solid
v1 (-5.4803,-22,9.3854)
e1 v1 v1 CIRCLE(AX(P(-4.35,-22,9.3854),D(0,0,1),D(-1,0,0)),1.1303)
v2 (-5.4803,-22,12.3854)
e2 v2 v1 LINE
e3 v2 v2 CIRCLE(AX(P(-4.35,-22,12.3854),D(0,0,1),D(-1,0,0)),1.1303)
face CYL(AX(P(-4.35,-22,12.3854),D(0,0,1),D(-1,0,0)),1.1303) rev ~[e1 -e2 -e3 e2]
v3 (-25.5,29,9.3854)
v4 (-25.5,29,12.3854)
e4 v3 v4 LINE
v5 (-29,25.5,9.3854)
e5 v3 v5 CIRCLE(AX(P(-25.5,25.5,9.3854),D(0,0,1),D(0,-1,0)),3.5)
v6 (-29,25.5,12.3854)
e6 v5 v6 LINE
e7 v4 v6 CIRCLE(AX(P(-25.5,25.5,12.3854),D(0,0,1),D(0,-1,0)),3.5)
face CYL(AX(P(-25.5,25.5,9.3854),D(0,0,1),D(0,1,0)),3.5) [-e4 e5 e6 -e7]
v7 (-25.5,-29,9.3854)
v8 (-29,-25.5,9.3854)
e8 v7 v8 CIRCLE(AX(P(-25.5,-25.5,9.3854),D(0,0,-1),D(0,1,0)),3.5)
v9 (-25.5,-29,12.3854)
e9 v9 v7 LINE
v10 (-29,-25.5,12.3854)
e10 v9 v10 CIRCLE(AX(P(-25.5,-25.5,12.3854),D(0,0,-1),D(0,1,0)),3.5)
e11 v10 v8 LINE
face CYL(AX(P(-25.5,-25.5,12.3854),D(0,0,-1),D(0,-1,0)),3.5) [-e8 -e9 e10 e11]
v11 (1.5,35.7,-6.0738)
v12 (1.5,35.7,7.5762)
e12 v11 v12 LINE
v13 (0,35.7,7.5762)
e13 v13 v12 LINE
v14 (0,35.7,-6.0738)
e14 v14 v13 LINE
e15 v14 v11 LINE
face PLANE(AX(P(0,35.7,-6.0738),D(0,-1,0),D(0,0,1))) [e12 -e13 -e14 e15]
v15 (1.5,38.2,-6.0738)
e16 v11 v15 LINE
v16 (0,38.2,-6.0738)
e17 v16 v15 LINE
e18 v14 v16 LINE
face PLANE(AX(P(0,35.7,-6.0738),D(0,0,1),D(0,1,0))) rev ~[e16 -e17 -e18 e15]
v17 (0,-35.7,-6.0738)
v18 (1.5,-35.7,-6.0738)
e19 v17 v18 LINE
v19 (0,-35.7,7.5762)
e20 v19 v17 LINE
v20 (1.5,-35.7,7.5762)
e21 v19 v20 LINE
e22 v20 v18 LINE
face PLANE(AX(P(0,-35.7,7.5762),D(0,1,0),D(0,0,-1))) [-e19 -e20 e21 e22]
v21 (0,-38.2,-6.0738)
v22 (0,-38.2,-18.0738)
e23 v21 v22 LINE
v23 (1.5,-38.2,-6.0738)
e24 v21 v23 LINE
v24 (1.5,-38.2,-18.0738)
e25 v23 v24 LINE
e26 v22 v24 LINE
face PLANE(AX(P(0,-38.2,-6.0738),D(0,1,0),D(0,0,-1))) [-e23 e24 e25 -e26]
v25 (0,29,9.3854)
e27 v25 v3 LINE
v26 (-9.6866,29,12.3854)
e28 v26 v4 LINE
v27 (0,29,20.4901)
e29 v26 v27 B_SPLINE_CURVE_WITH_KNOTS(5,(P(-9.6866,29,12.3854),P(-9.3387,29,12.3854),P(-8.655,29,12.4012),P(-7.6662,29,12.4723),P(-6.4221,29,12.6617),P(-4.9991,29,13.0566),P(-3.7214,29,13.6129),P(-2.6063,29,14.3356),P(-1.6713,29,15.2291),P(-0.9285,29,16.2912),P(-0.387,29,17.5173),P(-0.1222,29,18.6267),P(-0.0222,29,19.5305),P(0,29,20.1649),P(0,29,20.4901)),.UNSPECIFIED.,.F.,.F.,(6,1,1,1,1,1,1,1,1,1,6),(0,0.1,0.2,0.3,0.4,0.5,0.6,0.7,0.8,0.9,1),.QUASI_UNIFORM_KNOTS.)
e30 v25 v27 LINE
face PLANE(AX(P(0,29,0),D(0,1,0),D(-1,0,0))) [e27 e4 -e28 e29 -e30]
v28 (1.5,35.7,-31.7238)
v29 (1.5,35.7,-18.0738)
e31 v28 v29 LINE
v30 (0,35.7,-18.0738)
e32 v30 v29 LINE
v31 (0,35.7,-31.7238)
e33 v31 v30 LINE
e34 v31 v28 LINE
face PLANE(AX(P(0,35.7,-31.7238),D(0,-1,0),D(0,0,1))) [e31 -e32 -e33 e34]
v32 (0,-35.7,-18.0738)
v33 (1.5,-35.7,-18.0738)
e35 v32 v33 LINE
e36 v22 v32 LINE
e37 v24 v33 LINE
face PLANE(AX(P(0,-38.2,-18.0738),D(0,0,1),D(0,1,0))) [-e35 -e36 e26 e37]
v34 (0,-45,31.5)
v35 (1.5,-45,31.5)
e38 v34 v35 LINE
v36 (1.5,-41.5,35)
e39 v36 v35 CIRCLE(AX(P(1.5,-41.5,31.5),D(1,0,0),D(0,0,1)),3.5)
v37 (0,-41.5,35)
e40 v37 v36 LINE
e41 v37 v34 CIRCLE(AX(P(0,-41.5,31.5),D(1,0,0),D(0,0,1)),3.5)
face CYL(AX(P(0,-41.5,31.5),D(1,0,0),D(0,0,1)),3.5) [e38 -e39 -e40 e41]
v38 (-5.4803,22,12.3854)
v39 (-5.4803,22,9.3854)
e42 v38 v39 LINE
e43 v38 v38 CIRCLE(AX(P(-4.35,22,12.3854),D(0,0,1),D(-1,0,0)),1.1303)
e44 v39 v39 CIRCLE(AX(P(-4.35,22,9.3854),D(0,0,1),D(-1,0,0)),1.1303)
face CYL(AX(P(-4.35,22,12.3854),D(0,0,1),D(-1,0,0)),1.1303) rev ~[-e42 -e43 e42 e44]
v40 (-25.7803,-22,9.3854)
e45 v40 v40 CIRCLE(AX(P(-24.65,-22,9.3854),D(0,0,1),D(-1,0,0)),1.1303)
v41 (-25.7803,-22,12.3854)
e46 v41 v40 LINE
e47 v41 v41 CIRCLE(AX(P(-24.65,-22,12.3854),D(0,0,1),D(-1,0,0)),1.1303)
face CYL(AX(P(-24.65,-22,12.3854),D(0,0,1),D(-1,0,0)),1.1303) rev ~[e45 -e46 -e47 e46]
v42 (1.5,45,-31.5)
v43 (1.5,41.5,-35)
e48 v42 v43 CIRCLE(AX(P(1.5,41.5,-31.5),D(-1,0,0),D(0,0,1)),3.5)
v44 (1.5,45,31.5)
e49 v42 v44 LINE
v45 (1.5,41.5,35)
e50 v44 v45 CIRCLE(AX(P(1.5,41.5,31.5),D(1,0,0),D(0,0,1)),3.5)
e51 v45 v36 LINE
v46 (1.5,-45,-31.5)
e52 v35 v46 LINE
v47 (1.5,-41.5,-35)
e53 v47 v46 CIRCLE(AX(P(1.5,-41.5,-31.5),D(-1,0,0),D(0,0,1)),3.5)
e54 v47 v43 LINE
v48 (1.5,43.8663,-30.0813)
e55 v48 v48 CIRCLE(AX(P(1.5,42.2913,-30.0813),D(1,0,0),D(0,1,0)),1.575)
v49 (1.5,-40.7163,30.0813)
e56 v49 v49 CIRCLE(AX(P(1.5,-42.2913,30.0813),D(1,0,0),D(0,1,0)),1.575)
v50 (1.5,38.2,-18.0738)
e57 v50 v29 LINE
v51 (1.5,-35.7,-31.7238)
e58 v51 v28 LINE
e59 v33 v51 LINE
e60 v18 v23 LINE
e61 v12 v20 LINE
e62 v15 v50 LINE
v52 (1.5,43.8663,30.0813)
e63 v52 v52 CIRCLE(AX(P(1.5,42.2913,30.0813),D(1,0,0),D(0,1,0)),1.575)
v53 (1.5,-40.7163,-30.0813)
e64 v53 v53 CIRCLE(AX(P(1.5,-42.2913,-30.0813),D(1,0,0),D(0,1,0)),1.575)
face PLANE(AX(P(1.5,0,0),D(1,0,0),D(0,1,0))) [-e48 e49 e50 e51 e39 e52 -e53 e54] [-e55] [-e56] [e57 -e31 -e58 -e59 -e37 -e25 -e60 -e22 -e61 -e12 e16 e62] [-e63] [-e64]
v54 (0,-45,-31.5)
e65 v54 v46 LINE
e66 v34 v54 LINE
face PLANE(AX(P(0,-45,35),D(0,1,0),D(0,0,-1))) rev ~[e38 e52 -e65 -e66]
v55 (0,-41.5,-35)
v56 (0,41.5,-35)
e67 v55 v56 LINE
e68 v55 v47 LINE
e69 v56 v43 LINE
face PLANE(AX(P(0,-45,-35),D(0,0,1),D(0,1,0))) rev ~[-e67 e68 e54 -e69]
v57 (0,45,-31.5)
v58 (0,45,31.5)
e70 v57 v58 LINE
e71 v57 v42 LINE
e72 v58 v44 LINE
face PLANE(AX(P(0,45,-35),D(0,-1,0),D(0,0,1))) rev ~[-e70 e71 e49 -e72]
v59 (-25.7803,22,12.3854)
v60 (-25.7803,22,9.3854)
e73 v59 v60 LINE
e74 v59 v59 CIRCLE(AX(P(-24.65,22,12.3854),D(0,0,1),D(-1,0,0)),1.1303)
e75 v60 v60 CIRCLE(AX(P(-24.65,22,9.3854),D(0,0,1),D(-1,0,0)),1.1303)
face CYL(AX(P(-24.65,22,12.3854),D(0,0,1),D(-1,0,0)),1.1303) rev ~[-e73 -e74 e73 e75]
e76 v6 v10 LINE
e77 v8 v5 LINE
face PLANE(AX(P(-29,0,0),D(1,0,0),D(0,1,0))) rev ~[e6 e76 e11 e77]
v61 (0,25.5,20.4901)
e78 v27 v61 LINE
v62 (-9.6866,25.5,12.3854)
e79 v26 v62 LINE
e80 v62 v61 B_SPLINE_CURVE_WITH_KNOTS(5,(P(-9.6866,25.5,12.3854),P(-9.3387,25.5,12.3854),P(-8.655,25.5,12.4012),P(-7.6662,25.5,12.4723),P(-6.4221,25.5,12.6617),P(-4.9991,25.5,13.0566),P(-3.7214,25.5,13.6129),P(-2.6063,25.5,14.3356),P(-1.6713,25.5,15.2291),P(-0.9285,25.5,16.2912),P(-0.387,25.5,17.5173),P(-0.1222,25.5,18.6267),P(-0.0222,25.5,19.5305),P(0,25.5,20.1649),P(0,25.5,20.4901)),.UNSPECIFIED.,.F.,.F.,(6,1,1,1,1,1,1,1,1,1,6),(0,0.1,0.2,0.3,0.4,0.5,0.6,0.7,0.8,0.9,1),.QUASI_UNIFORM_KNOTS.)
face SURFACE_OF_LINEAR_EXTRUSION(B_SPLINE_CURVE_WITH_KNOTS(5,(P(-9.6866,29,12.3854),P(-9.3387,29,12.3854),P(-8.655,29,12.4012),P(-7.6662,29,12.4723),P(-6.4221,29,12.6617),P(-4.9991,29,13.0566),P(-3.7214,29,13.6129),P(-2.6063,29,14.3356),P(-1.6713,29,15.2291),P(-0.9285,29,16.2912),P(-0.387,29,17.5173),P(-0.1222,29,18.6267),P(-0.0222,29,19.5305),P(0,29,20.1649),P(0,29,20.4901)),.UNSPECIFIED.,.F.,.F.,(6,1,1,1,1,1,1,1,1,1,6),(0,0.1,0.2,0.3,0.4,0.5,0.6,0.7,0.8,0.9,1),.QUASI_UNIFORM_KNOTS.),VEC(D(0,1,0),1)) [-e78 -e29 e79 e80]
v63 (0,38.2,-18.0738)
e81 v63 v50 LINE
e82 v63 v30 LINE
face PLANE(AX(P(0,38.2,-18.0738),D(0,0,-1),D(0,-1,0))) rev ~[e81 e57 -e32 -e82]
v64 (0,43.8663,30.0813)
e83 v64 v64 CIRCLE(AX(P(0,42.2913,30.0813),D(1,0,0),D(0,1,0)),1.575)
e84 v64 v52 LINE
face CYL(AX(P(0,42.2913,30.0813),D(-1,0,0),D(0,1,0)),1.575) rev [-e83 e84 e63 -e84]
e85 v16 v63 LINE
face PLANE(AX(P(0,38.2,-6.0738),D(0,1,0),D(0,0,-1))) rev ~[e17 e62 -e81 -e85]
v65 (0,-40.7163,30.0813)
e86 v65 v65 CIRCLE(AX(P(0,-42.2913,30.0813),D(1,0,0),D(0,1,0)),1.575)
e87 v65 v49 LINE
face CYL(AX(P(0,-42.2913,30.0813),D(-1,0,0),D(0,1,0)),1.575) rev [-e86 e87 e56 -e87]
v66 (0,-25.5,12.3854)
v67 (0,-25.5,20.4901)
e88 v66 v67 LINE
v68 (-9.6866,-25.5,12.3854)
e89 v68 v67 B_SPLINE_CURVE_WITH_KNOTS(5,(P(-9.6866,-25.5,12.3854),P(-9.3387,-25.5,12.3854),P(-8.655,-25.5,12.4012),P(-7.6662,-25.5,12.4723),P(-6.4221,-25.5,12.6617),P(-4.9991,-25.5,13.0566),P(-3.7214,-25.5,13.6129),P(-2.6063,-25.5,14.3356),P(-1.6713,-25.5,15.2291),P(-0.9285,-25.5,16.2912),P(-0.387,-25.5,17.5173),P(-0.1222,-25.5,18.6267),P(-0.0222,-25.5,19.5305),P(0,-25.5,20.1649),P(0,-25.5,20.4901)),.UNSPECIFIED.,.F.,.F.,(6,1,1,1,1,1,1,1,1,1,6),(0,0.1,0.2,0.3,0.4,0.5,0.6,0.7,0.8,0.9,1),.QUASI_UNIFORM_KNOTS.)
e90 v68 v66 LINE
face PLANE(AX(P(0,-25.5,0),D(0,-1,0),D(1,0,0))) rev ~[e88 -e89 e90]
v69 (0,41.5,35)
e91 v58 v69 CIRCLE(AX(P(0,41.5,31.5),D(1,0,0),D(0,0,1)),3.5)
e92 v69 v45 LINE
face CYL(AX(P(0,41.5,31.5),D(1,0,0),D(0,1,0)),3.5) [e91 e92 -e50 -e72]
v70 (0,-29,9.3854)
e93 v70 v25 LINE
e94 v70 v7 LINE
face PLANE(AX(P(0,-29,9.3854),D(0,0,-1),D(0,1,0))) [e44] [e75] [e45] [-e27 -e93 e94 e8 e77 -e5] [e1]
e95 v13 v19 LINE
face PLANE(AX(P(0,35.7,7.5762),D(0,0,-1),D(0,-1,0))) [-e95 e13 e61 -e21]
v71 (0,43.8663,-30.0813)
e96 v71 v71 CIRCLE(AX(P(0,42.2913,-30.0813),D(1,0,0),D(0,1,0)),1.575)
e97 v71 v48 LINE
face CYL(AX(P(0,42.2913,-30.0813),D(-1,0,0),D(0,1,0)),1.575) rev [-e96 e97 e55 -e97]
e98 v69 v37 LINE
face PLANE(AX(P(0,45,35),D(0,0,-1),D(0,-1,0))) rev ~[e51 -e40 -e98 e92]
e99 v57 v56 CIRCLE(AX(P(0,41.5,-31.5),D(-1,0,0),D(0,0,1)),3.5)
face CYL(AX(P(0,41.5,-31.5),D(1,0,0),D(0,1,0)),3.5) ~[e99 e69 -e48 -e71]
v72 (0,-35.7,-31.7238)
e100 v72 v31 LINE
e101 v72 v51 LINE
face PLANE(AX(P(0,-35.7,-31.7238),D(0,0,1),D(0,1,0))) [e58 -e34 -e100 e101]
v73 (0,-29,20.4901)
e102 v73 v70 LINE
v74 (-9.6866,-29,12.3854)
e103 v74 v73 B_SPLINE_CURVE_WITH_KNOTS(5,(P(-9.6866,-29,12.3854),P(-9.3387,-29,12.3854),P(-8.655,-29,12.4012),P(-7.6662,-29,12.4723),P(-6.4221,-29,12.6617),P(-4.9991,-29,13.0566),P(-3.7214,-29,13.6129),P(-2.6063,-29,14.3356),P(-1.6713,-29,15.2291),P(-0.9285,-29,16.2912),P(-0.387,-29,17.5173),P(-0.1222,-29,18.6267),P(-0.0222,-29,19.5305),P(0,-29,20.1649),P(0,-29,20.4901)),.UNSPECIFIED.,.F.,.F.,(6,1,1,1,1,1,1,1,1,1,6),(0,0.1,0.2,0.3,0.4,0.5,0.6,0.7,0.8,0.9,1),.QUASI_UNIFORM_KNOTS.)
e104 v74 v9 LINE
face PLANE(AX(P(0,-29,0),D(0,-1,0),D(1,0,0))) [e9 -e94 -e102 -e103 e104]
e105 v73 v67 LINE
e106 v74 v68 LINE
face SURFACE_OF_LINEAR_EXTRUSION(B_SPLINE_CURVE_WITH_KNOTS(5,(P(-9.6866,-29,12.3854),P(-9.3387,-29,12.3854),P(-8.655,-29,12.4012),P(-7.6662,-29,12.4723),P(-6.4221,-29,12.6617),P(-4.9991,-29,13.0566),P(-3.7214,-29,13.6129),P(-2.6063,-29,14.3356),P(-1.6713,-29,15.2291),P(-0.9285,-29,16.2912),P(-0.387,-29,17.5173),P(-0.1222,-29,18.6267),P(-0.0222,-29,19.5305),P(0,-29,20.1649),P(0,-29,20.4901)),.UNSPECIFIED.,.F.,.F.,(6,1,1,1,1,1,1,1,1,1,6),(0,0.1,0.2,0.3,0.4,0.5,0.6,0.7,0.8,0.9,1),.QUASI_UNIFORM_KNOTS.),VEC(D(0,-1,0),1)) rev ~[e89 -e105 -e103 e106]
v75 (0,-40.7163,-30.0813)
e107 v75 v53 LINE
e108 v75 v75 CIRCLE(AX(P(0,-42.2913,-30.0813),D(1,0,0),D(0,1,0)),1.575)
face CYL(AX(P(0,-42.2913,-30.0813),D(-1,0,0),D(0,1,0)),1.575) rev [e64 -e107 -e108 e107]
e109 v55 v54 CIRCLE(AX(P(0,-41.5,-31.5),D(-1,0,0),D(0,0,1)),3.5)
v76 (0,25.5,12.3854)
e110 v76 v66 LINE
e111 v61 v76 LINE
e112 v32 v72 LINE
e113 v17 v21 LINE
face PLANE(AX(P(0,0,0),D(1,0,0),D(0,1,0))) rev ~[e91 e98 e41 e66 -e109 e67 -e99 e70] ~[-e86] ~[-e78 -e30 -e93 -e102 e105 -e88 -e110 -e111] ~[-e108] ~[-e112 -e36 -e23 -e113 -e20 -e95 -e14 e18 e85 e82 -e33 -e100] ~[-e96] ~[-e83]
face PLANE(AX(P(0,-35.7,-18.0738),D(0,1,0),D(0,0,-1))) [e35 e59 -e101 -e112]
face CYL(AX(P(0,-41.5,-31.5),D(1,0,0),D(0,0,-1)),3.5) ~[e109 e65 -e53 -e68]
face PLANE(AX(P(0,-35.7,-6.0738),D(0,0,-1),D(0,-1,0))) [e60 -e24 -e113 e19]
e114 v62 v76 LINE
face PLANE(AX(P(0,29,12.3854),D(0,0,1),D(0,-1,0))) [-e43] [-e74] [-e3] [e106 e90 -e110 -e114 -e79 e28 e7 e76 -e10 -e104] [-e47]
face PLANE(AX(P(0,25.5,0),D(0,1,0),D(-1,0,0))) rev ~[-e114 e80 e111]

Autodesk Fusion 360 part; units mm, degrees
sketch "Sketch1" plane through (0, 0, 0) normal (1, 0, 0) x (0, 1, 0)
  line L0 (45, 35) -> (-45, 35)
  line L1 (-45, 35) -> (-45, -35)
  line L2 (-45, -35) -> (45, -35)
  line L3 (45, -35) -> (45, 35)
  line L4 (45, 35) -> (-45, -35) construction
  line L5 (-45, 35) -> (45, -35) construction
  line L6 (0, 0) -> (0, -35) construction
  line L7 (39.5, 9.4262) -> (-39.5, 9.4262) construction
  line L8 (-39.5, 9.4262) -> (-39.5, -33.5738) construction
  line L9 (-39.5, -33.5738) -> (39.5, -33.5738) construction
  line L10 (39.5, -33.5738) -> (39.5, 9.4262) construction
  line L11 (39.5, 9.4262) -> (-39.5, -33.5738) construction
  line L12 (-39.5, 9.4262) -> (39.5, -33.5738) construction
  line L13 (35.7, 7.5762) -> (-35.7, 7.5762)
  line L14 (-35.7, 7.5762) -> (-35.7, -31.7238)
  line L15 (-35.7, -31.7238) -> (35.7, -31.7238)
  line L16 (35.7, -31.7238) -> (35.7, 7.5762)
  line L17 (35.7, 7.5762) -> (-35.7, -31.7238) construction
  line L18 (-35.7, 7.5762) -> (35.7, -31.7238) construction
  circle A0 centre (42.2913, -30.0813) radius 1.575
  line L19 (0, 0) -> (10.5805, 0) construction
  circle A1 centre (-42.2913, -30.0813) radius 1.575
  circle A2 centre (42.2913, 30.0813) radius 1.575
  circle A3 centre (-42.2913, 30.0813) radius 1.575
  line L20 (0, 0) -> (0, 0.8708) construction
  line L21 (0, 0.8708) -> (0, 35) construction
  line L22 (25, 32.3854) -> (-25, 32.3854) construction
  line L23 (-25, 32.3854) -> (-25, 12.3854) construction
  line L24 (-25, 12.3854) -> (25, 12.3854) construction
  line L25 (25, 12.3854) -> (25, 32.3854) construction
  line L26 (25, 32.3854) -> (-25, 12.3854) construction
  line L27 (-25, 32.3854) -> (25, 12.3854) construction
  line L28 (29, 12.3854) -> (-29, 12.3854)
  line L29 (-29, 12.3854) -> (-29, 9.3854)
  line L30 (-29, 9.3854) -> (29, 9.3854)
  line L31 (29, 9.3854) -> (29, 12.3854)
  line L32 (29, 12.3854) -> (-29, 9.3854) construction
  line L33 (-29, 12.3854) -> (29, 9.3854) construction
  line L34 (0, -12.0738) -> (39.5, -12.0738) construction
  line L35 (35.7, -6.0738) -> (38.2, -6.0738)
  line L36 (38.2, -6.0738) -> (38.2, -18.0738)
  line L37 (38.2, -18.0738) -> (35.7, -18.0738)
  line L38 (35.7, -18.0738) -> (35.7, -6.0738)
  line L39 (-38.2, -18.0738) -> (-35.7, -18.0738)
  line L40 (-38.2, -6.0738) -> (-38.2, -18.0738)
  line L41 (-35.7, -6.0738) -> (-38.2, -6.0738)
  point P0 (0, -12.0738)
  point P1 (0, -12.0738)
  point P2 (0, 22.3854)
  point P3 (0, 10.8854)
  point P4 (38.2, -12.0738)
  dimension "d8" = 90
  dimension "d9" = 70
  dimension "d12" = 79
  dimension "d13" = 43
  dimension "d14" = 71.4
  dimension "d15" = 39.3
  dimension "d17" = 3.15
  dimension "d21" = 50
  dimension "d22" = 20
  dimension "d25" = 58
  dimension "d26" = 3
  dimension "d58" = 2.5
  dimension "d59" = 12
extrude "Extrude1" add sketch "Sketch1" along normal blind 1.5 contours L0 L1 L2 L3 | L28 L29 L30 L31
extrude "Extrude2" add sketch "Sketch1" against normal blind 29 contours L28 L29 L30 L31
sketch "Sketch2" plane through (0, 0, 12.3854) normal (0, 0, 1) x (-1, 0, 0)
  line L0 (0, 29) -> (0, -29)
  line L1 (0, -29) -> (29, -29)
  line L2 (29, -29) -> (29, 29)
  line L3 (29, 29) -> (0, 29)
  line L4 (0, 29) -> (29, -29) construction
  line L5 (27.5, 25) -> (1.5, 25) construction
  line L6 (1.5, 25) -> (1.5, -25) construction
  line L7 (1.5, -25) -> (27.5, -25) construction
  line L8 (27.5, -25) -> (27.5, 25) construction
  line L9 (27.5, 25) -> (1.5, -25) construction
  line L10 (1.5, 25) -> (27.5, -25) construction
  circle A0 centre (4.35, -22) radius 1.575 construction
  circle A1 centre (24.65, -22) radius 1.575 construction
  circle A2 centre (4.35, 22) radius 1.575 construction
  circle A3 centre (24.65, 22) radius 1.575 construction
  line L11 (4.35, -22) -> (24.65, 22) construction
  circle A4 centre (4.35, -22) radius 1.1303
  circle A5 centre (24.65, -22) radius 1.1303
  circle A6 centre (4.35, 22) radius 1.1303
  circle A7 centre (24.65, 22) radius 1.1303
  point P0 (14.5, 0)
  point P1 (14.5, 0)
  point P2 (14.5, 0)
  dimension "d32" = 26
  dimension "d33" = 50
  dimension "d37" = 3.15
  dimension "d40" = 20.3
  dimension "d41" = 44
  dimension "d51" = 2.2606
  dimension "d54" = 20.3
  dimension "d55" = 44
fillet "Fillet1" radius 3.5 2 edges at (-29, 29, 10.8854) (-29, -29, 10.8854)
fillet "Fillet2" radius 3.5 4 edges at (0.75, 45, 35) (0.75, 45, -35) (0.75, -45, 35) (0.75, -45, -35)
sketch "Sketch3" plane through (0, -29, 0) normal (0, -1, 0) x (1, 0, 0)
  line L0 (-25.5, 12.3854) -> (-25.5, 9.3854)
  line L1 (-25.5, 9.3854) -> (0, 9.3854)
  line L2 (0, 9.3854) -> (0, 12.3854)
  line L3 (0, 12.3854) -> (-25.5, 12.3854)
  line L4 (0, 35) -> (0, -35) construction
  line L5 (-27.5, 12.3854) -> (-1.5, 12.3854) construction
  spline S0 degree 5 poles (-9.6866, 12.3854) (-9.3387, 12.3854) (-8.655, 12.4012) (-7.6662, 12.4723) (-6.4221, 12.6617) (-4.9991, 13.0566) (-3.7214, 13.6129) (-2.6063, 14.3356) (-1.6713, 15.2291) (-0.9285, 16.2912) (-0.387, 17.5173) (-0.1222, 18.6267) (-0.0222, 19.5305) (0, 20.1649) (0, 20.4901) knots 0 0 0 0 0 0 0.1 0.2 0.3 0.4 0.5 0.6 0.7 0.8 0.9 1 1 1 1 1 1
  line L6 (0, 18.6225) -> (0, 22.3578)
  line L7 (-11.558, 12.3854) -> (-7.8153, 12.3854)
  line L8 (-9.6866, 12.3854) -> (0, 12.3854)
  line L9 (0, 20.4901) -> (0, 12.3854)
  point P0 (-2.4919, 14.508)
extrude "Extrude3" add sketch "Sketch3" against normal blind 3.5 contours L3 S0 L6 L7 L8 L9
sketch "Sketch4" plane through (0, 29, 0) normal (0, 1, 0) x (-1, 0, 0)
  line L0 (25.5, 9.3854) -> (25.5, 12.3854)
  line L1 (25.5, 12.3854) -> (0, 12.3854)
  line L2 (0, 12.3854) -> (0, 9.3854)
  line L3 (0, 9.3854) -> (25.5, 9.3854)
  line L4 (0, 12.3854) -> (9.6866, 12.3854)
  spline S0 degree 5 poles (9.6866, 12.3854) (9.3387, 12.3854) (8.655, 12.4012) (7.6662, 12.4723) (6.4221, 12.6617) (4.9991, 13.0566) (3.7214, 13.6129) (2.6063, 14.3356) (1.6713, 15.2291) (0.9285, 16.2912) (0.387, 17.5173) (0.1222, 18.6267) (0.0222, 19.5305) (0, 20.1649) (0, 20.4901) knots 0 0 0 0 0 0 0.1 0.2 0.3 0.4 0.5 0.6 0.7 0.8 0.9 1 1 1 1 1 1
  line L5 (0, 20.4901) -> (0, 12.3854)
extrude "Extrude4" add sketch "Sketch4" against normal blind 3.5 contours L1 L4 S0 L5
extrude "Extrude5" cut sketch "Sketch2" against normal blind 3 contours A4 | A5 | A6 | A7
equation "cutout_length = 71.4 mm" comment "71 mm from the manual"
equation "cutout_height = 39.3 mm" comment "39mm from the manual"
equation "plastic_thick = 1.5 mm"
equation "tab_width = 12 mm"
equation "tab_thick = 2.5 mm"
equation "panel_width = 90 mm"
equation "panel_height = 70 mm"
equation "d8 = panel_width"
equation "d9 = panel_height"
equation "power_supply_width = 79 mm"
equation "power_supply_height = 43 mm"
equation "d12 = power_supply_width"
equation "d13 = power_supply_height"
equation "d14 = cutout_length"
equation "d15 = cutout_height"
equation "mount_through_hole_diam = 3.15 mm"
equation "d17 = mount_through_hole_diam"
equation "relay_height = 20 mm"
equation "relay_length = 50 mm"
equation "relay_width = 26 mm"
equation "d21 = relay_length"
equation "d22 = relay_height"
equation "relay_ledge_thick = 3 mm"
equation "relay_ledge_length = relay_length + 8 mm"
equation "d25 = relay_ledge_length"
equation "d26 = relay_ledge_thick"
equation "relay_ledge_width = relay_width + 3 mm"
equation "d28 = plastic_thick"
equation "d30 = -relay_ledge_width"
equation "d32 = relay_width"
equation "d33 = relay_length"
equation "relay_dist_bw_holes_length = 44 mm"
equation "relay_dist_bw_holes_width = 20.3 mm"
equation "relay_hole_diam = 3.15 mm"
equation "d37 = relay_hole_diam"
equation "d40 = relay_dist_bw_holes_width"
equation "d41 = relay_dist_bw_holes_length"
equation "relay_mount_tap_diam = 0.089 in"
equation "d51 = relay_mount_tap_diam"
equation "d54 = relay_dist_bw_holes_width"
equation "d55 = relay_dist_bw_holes_length"
equation "d58 = tab_thick"
equation "d59 = tab_width"
